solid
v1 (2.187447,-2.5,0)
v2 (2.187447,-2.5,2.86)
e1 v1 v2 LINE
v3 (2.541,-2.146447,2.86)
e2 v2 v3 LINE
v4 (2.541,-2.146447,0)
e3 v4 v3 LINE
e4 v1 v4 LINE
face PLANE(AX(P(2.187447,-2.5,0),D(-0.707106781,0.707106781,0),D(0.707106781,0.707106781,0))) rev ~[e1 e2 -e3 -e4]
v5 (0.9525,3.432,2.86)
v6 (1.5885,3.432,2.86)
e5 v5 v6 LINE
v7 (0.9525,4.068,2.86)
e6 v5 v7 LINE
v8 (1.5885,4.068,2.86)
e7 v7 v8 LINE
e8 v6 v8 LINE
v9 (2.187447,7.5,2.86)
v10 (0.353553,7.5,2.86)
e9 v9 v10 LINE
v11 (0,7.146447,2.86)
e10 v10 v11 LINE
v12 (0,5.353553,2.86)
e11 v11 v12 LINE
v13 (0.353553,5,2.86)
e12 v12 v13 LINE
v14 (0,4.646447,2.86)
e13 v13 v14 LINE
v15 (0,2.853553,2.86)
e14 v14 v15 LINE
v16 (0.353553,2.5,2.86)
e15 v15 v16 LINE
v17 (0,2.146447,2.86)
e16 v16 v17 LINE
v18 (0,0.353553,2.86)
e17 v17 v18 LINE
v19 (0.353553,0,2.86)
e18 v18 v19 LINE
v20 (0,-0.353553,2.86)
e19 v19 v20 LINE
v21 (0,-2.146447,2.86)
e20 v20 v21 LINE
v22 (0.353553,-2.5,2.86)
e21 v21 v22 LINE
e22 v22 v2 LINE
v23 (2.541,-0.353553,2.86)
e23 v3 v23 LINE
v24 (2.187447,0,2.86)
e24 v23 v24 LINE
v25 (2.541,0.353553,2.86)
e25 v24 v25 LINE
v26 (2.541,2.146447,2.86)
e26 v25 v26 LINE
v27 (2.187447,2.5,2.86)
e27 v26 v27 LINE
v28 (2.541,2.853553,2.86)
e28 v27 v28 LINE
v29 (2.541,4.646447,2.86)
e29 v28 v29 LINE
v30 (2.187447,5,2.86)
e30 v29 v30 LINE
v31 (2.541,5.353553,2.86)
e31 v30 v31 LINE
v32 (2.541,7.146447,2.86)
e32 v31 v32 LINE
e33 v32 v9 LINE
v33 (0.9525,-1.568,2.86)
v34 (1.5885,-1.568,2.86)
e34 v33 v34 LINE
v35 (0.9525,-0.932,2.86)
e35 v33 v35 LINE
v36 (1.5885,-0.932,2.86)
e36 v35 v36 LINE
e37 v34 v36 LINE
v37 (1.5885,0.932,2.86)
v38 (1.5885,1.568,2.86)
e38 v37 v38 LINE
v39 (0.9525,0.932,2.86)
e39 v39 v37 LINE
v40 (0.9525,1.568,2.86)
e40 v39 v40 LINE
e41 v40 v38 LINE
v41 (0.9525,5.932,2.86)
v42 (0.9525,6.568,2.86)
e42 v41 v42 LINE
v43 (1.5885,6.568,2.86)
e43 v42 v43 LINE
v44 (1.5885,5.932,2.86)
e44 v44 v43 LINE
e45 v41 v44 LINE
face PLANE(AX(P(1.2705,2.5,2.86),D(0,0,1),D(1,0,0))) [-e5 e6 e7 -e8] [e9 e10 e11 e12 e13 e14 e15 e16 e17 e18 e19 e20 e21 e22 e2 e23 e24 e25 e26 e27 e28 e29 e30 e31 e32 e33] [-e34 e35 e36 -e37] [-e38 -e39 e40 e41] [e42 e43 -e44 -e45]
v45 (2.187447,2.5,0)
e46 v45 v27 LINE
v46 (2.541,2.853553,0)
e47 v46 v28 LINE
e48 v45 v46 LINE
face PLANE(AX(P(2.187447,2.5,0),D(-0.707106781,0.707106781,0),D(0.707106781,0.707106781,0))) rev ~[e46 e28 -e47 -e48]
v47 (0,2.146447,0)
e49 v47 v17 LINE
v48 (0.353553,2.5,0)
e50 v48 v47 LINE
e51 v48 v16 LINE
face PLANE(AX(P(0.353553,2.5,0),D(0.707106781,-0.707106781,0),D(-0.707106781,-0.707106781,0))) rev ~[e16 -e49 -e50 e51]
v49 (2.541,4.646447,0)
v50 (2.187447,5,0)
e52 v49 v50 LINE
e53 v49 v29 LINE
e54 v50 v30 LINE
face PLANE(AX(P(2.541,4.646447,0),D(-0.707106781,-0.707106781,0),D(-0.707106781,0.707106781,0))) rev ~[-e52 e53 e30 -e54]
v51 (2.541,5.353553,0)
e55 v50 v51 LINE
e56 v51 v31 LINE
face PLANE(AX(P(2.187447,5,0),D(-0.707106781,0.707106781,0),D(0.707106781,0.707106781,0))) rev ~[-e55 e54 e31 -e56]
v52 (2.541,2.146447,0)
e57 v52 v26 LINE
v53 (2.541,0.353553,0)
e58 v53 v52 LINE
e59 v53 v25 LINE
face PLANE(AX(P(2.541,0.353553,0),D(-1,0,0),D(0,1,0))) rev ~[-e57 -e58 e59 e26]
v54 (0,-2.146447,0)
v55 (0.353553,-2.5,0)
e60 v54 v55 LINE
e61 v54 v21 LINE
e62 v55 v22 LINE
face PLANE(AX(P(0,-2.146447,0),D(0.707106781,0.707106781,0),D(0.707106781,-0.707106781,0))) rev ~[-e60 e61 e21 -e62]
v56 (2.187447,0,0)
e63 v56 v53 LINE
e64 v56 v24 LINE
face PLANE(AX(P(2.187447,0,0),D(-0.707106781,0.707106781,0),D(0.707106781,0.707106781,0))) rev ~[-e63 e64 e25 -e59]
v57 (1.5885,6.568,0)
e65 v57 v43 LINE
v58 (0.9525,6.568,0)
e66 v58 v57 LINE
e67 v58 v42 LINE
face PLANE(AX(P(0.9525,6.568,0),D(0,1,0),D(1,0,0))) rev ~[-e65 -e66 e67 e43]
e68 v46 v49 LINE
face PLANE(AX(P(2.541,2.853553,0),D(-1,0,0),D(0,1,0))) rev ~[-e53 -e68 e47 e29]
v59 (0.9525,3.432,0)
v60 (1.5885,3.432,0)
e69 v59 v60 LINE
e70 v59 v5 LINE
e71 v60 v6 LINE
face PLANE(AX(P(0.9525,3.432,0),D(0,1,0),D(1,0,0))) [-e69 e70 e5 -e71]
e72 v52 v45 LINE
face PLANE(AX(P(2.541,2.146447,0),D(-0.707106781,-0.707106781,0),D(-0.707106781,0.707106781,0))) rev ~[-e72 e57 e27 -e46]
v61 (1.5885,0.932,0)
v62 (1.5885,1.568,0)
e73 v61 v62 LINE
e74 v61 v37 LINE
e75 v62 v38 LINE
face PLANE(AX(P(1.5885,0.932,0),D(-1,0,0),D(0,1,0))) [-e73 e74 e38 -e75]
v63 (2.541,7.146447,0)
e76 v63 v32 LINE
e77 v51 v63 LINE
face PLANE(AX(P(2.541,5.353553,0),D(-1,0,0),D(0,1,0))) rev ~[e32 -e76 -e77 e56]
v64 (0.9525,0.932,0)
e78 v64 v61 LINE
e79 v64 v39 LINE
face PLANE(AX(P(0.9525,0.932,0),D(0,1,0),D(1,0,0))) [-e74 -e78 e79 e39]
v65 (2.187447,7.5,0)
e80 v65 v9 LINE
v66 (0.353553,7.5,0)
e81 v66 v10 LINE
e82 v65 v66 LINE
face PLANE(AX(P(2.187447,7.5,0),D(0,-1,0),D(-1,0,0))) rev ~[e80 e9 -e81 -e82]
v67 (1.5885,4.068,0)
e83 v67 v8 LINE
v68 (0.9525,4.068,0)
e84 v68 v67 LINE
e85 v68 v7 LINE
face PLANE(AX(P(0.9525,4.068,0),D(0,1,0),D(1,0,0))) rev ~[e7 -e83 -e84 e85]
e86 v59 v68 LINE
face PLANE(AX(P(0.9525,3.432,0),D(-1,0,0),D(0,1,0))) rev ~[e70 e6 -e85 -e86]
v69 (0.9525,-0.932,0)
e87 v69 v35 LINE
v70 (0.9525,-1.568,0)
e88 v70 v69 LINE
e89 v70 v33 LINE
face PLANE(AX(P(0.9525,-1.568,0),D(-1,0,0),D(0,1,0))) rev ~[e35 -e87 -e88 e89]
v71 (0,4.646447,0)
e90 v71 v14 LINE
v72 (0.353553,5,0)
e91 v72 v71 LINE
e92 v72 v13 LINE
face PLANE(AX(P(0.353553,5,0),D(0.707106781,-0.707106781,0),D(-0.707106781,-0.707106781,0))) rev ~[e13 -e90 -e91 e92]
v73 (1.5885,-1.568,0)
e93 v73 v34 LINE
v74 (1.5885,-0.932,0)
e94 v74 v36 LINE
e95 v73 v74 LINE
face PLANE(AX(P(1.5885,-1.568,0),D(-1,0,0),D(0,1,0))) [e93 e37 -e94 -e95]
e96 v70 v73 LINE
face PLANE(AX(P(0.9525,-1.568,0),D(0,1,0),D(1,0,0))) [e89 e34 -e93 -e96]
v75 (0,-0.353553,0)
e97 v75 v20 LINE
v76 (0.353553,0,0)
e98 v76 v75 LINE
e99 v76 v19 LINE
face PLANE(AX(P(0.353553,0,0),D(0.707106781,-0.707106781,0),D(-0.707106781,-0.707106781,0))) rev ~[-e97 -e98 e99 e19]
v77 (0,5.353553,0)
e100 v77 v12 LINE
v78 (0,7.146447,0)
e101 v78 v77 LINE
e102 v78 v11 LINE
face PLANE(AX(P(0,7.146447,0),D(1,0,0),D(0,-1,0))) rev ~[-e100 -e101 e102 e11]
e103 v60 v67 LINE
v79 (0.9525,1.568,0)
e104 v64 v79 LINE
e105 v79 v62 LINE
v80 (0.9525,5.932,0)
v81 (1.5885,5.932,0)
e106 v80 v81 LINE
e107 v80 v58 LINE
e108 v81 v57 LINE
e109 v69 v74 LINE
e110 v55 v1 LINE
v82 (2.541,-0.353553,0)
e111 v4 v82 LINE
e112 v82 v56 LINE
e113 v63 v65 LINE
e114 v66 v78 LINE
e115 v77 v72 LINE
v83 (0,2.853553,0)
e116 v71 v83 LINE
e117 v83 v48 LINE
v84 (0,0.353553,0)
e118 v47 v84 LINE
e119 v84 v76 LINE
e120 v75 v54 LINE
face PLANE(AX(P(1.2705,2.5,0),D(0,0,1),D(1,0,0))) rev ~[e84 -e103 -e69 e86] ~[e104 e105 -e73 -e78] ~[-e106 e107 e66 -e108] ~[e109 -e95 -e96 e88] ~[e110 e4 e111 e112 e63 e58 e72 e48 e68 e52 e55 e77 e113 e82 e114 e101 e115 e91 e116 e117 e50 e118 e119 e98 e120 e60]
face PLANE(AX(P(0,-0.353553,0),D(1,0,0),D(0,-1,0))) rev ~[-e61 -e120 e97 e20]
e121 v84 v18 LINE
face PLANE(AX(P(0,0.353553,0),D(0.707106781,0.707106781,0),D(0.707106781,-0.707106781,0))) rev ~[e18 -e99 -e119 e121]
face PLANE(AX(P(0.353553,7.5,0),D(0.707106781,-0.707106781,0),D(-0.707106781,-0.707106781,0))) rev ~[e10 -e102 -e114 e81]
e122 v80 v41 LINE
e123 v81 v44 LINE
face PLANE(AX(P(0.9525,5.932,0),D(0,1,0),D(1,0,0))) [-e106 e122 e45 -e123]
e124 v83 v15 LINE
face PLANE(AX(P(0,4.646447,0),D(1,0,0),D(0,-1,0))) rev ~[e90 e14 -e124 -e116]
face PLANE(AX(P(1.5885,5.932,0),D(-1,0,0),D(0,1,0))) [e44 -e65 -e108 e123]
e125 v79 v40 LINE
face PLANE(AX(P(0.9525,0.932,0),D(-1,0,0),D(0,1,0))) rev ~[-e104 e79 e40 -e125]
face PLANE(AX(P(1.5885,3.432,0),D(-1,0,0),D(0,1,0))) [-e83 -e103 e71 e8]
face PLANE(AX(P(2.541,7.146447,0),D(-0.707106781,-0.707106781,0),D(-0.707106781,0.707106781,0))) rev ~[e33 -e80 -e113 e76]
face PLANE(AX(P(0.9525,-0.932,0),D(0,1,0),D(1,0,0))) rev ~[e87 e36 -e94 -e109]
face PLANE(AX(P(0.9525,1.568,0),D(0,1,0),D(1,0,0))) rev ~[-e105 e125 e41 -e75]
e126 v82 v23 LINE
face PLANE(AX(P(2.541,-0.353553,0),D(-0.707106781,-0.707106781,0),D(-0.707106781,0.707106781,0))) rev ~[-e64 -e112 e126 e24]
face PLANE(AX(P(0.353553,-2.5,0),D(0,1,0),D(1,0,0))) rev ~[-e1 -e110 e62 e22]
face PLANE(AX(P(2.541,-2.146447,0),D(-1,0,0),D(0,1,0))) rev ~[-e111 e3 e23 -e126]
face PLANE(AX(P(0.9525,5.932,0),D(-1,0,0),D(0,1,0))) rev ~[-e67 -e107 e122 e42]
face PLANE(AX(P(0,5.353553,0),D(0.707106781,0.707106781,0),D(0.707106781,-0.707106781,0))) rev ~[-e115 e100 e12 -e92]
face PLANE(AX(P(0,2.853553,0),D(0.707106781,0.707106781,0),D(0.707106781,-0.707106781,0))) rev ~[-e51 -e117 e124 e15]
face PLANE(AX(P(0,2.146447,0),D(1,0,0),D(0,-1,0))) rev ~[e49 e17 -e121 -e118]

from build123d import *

# Parameters (mm, degrees)
PIN_DRAWING_W       = 0.636
PIN_DRAWING_H       = 0.636
BOSS_EXTRUDE1_DEPTH = 2.86


with BuildPart() as part:
    # pin_drawing → Boss-Extrude1 (new body)
    with BuildSketch(Plane.XY):
        Polygon((0, 2.146446609), (0, 0.353553391), (0.353553391, 0), (0, -0.353553391), (0, -2.146446609), (0.353553391, -2.5), (2.187446609, -2.5), (2.541, -2.146446609), (2.541, -0.353553391), (2.187446609, 0), (2.541, 0.353553391), (2.541, 2.146446609), (2.187446609, 2.5), (2.541, 2.853553391), (2.541, 4.646446609), (2.187446609, 5), (2.541, 5.353553391), (2.541, 7.146446609), (2.187446609, 7.5), (0.353553391, 7.5), (0, 7.146446609), (0, 5.353553391), (0.353553391, 5), (0, 4.646446609), (0, 2.853553391), (0.353553391, 2.5), align=None)
        with Locations((1.2705, -1.25)):
            Rectangle(PIN_DRAWING_W, PIN_DRAWING_H, mode=Mode.SUBTRACT)
        with Locations((1.2705, 1.25)):
            Rectangle(PIN_DRAWING_W, PIN_DRAWING_H, mode=Mode.SUBTRACT)
        with Locations((1.2705, 3.75)):
            Rectangle(PIN_DRAWING_W, PIN_DRAWING_H, mode=Mode.SUBTRACT)
        with Locations((1.2705, 6.25)):
            Rectangle(PIN_DRAWING_W, PIN_DRAWING_H, mode=Mode.SUBTRACT)
    extrude(amount=BOSS_EXTRUDE1_DEPTH)


solid = part.part
